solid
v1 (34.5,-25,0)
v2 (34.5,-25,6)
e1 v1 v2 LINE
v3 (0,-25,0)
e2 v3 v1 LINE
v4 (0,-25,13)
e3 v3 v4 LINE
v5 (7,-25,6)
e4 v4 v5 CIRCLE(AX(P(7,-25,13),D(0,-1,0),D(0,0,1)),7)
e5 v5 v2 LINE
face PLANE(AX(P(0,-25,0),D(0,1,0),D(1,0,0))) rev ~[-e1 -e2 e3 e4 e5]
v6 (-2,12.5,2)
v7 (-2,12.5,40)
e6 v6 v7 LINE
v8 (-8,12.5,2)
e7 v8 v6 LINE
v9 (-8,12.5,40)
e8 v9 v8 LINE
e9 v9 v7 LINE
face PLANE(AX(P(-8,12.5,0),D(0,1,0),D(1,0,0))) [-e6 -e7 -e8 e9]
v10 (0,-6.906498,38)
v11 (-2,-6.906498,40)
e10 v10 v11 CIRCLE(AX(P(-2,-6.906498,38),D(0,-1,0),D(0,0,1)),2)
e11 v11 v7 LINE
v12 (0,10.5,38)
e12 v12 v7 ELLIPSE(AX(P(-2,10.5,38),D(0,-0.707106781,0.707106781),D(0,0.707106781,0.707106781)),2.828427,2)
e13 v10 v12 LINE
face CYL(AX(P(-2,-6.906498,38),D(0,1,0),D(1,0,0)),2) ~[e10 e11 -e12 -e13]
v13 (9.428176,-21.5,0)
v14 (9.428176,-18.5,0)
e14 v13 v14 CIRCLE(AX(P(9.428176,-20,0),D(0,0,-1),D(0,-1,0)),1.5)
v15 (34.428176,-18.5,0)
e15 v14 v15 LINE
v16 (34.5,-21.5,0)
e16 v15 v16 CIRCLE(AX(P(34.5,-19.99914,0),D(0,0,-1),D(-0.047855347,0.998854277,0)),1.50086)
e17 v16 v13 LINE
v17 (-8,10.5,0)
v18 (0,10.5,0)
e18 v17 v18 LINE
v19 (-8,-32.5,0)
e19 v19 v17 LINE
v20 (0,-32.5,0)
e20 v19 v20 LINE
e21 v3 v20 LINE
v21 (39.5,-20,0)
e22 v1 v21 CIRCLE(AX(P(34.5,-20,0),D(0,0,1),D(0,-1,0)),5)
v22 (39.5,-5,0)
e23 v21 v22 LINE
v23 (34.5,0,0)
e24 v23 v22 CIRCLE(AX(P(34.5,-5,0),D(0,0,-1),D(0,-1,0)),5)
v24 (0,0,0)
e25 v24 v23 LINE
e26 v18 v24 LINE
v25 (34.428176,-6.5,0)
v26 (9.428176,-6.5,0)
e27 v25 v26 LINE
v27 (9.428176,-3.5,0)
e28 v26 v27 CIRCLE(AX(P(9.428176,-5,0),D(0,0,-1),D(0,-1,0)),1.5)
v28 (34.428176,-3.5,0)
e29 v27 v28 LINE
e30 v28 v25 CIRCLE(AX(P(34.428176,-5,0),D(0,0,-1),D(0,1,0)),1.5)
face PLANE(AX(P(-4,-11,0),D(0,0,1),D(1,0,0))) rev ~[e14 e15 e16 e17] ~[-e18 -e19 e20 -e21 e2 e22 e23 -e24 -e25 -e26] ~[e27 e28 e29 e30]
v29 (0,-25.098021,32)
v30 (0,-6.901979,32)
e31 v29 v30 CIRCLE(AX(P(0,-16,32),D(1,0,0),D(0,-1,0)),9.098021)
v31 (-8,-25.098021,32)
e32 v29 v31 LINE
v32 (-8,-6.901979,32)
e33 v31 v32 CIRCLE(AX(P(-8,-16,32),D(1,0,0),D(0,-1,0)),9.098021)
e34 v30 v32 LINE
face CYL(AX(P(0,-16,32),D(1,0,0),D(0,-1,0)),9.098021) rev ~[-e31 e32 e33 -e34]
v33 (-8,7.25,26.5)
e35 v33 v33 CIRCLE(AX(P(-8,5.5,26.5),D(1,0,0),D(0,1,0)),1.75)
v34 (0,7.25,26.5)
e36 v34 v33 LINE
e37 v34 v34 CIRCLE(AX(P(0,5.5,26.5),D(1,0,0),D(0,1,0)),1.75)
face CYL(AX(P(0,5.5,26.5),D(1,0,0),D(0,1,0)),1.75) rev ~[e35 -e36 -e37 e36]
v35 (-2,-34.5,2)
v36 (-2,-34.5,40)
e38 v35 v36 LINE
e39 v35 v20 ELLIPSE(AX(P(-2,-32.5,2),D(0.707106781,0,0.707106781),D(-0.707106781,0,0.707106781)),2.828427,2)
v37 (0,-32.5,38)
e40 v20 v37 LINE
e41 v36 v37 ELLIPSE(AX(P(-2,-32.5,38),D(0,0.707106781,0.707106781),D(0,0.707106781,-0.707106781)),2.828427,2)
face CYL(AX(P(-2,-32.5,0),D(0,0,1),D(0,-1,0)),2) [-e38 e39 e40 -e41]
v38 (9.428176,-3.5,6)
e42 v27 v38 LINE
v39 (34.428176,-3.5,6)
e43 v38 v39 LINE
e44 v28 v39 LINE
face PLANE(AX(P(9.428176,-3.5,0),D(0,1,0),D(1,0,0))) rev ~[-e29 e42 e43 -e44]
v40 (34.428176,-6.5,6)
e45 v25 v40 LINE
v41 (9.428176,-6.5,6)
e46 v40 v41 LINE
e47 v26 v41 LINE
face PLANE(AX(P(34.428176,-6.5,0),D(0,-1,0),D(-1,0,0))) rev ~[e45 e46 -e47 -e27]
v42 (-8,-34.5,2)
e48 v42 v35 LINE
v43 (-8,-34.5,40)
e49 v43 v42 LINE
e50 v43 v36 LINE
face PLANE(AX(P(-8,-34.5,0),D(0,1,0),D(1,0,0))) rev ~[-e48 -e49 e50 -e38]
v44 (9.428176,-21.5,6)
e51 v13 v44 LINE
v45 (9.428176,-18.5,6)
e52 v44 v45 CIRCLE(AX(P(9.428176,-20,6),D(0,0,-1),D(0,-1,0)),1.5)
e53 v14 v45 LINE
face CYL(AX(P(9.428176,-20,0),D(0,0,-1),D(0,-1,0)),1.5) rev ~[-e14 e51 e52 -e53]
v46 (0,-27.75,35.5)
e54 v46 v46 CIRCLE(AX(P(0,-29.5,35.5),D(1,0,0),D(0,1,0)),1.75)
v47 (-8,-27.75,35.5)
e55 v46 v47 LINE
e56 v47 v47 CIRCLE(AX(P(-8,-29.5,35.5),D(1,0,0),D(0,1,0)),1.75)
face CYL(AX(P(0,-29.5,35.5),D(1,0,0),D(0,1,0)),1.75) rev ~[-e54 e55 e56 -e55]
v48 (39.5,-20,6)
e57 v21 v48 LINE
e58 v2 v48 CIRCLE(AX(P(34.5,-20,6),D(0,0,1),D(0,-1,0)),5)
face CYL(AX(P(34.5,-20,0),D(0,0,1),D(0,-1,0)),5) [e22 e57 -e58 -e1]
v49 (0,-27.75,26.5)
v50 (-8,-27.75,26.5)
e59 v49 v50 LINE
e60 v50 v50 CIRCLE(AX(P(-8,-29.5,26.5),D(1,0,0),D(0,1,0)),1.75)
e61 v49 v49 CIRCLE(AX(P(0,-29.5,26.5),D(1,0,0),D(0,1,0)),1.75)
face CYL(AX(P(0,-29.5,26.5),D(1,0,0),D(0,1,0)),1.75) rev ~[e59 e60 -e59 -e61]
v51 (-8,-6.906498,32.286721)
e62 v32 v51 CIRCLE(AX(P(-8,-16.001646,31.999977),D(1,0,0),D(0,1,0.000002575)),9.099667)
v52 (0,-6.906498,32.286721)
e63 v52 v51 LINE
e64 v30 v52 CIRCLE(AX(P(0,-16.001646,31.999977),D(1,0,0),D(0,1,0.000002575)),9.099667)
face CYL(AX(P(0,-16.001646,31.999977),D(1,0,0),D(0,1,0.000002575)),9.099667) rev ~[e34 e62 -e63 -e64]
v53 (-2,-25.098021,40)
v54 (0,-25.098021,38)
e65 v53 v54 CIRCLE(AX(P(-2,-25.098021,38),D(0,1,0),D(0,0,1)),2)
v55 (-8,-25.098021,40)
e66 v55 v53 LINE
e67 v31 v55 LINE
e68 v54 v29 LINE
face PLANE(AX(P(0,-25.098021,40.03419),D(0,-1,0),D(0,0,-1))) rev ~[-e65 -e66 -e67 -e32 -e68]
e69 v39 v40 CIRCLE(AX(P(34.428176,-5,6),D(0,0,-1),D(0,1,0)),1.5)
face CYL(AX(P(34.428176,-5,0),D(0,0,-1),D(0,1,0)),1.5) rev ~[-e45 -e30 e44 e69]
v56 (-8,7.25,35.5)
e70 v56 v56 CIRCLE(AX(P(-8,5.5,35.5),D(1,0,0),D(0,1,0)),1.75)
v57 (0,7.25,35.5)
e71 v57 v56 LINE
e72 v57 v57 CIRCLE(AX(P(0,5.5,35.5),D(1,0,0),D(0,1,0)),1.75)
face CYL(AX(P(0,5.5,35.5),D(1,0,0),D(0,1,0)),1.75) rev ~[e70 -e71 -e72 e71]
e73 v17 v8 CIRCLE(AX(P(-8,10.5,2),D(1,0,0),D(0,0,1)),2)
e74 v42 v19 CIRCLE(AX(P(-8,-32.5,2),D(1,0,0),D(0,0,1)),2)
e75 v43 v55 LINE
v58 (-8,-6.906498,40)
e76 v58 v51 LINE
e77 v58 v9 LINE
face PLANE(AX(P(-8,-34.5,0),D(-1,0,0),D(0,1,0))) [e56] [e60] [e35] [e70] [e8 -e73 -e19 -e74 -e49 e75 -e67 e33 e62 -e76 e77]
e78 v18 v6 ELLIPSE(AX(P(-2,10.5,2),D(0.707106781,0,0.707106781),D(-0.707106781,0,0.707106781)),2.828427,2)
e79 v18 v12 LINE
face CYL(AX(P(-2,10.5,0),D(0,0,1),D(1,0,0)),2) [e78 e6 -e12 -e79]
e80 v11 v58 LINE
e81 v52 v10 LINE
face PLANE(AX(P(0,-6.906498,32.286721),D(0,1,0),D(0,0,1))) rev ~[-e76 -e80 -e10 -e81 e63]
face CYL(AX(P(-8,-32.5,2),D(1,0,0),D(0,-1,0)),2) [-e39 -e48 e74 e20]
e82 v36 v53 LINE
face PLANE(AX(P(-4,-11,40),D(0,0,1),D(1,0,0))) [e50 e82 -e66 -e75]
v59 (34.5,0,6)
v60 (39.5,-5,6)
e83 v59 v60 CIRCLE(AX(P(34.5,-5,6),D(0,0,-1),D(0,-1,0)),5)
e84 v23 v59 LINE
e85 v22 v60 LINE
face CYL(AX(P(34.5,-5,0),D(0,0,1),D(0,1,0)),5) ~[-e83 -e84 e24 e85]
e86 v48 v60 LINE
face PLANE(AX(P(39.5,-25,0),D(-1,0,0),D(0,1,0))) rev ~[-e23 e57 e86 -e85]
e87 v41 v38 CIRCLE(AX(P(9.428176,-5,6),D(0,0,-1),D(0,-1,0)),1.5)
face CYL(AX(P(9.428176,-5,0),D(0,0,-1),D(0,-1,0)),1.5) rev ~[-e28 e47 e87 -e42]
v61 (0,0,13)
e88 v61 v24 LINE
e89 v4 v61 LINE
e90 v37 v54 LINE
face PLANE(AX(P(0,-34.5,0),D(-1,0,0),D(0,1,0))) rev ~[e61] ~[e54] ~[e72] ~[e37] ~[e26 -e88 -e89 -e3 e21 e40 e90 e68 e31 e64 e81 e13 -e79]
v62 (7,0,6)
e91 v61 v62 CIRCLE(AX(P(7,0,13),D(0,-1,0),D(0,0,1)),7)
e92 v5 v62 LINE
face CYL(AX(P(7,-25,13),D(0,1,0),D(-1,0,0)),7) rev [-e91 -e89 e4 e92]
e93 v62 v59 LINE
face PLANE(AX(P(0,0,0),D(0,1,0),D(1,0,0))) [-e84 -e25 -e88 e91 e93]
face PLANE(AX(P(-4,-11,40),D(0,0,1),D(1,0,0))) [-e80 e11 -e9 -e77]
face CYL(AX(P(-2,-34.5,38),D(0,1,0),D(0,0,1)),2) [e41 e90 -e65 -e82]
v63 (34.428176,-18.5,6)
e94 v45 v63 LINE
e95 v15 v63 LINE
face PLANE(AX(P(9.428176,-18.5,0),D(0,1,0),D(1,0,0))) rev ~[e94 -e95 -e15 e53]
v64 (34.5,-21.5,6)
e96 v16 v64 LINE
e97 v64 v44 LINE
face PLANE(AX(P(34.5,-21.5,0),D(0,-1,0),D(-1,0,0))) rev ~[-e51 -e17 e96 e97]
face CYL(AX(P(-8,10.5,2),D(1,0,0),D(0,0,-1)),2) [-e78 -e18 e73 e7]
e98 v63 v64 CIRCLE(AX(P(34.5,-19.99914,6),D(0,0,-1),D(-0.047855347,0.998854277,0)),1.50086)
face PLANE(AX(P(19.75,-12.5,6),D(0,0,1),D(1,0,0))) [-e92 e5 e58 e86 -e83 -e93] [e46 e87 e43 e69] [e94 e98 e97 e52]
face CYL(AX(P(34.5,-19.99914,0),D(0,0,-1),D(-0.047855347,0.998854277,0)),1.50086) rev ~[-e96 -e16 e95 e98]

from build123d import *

# Parameters (mm, degrees)
F0_W     = 39.5
F0_H     = 25
F1_DEPTH = 6
F2_R     = 5
F3_W     = 8
F3_H     = 47
F4_DEPTH = 25
F5_R     = 7
F6_DEPTH = 40
F7_R     = 1.75
F8_DEPTH = 25
F9_R     = 2


with BuildPart() as f1:
    # F0 (on Top) → F1 (new body)
    with BuildSketch(Plane.XY):
        with Locations((19.75, -12.5)):
            Rectangle(F0_W, F0_H)
        with BuildLine():
            ThreePointArc((9.428176, -21.5), (7.928176, -20), (9.428176, -18.5))
            Line((9.428176, -18.5), (34.428176, -18.5))
            ThreePointArc((34.428176, -18.5), (36.00043, -19.963218), (34.5, -21.5))
            Line((34.5, -21.5), (9.428176, -21.5))
        make_face(mode=Mode.SUBTRACT)
        with BuildLine():
            ThreePointArc((9.428176, -6.5), (7.928176, -5), (9.428176, -3.5))
            Line((9.428176, -3.5), (34.428176, -3.5))
            ThreePointArc((34.428176, -3.5), (35.928176, -5), (34.428176, -6.5))
            Line((34.428176, -6.5), (9.428176, -6.5))
        make_face(mode=Mode.SUBTRACT)
    extrude(amount=F1_DEPTH)

    # F2
    f2_edges = [f1.edges().sort_by_distance(p)[0] for p in [
        (39.5, 0, 3),
        (39.5, -25, 3),
    ]]
    fillet(f2_edges, radius=F2_R)

    # F3 (on Top) → F4 (join)
    with BuildSketch(Plane.XY):
        with Locations((-4, -11)):
            Rectangle(F3_W, F3_H)
    extrude(amount=F4_DEPTH)

    # F5
    f5_edges = [f1.edges().sort_by_distance(p)[0] for p in [
        (0, -12.5, 6),
        (0, -34.5, 12.5),
        (0, 12.5, 12.5),
    ]]
    fillet(f5_edges, radius=F5_R)

    # F3 (on Top) → F6 (join)
    with BuildSketch(Plane.XY):
        with Locations((-4, -11)):
            Rectangle(F3_W, F3_H)
    extrude(amount=F6_DEPTH)

    # F7 (on Right) → F8 (cut)
    with BuildSketch(Plane.YZ):
        with Locations((-29.5, 35.5)):
            Circle(F7_R)
        with Locations((5.5, 35.5)):
            Circle(F7_R)
        with Locations((5.5, 26.5)):
            Circle(F7_R)
        with Locations((-29.5, 26.5)):
            Circle(F7_R)
        with BuildLine():
            ThreePointArc((-25.098021, 32), (-16, 22.901979), (-6.901979, 32))
            ThreePointArc((-6.901979, 32), (-6.903109, 32.143378), (-6.906498, 32.286721))
            ThreePointArc((-6.906498, 32.286721), (-8.276915, 36.809152), (-11.730835, 40.03419))
            Line((-11.730835, 40.03419), (-20.269165, 40.03419))
            ThreePointArc((-20.269165, 40.03419), (-23.797914, 36.686845), (-25.098021, 32))
        make_face()
        with BuildLine():
            ThreePointArc((-11.730835, 40.03419), (-8.276915, 36.809152), (-6.906498, 32.286721))
            Line((-6.906498, 32.286721), (-6.906498, 40.03419))
            Line((-6.906498, 40.03419), (-11.730835, 40.03419))
        make_face()
        with BuildLine():
            Line((-25.098021, 40.03419), (-25.098021, 32))
            ThreePointArc((-25.098021, 32), (-23.797914, 36.686845), (-20.269165, 40.03419))
            Line((-20.269165, 40.03419), (-25.098021, 40.03419))
        make_face()
        with BuildLine():
            Line((-20.269165, 40.03419), (-11.730835, 40.03419))
            ThreePointArc((-11.730835, 40.03419), (-16, 41.098021), (-20.269165, 40.03419))
        make_face()
    extrude(amount=-F8_DEPTH, mode=Mode.SUBTRACT)

    # F9
    f9_edges = [f1.edges().sort_by_distance(p)[0] for p in [
        (0, 2.796751, 40),
        (0, -29.79901, 40),
        (0, -34.5, 20),
        (0, 12.5, 20),
        (-4, 12.5, 0),
        (-4, -34.5, 0),
    ]]
    fillet(f9_edges, radius=F9_R)


solid = f1.part
